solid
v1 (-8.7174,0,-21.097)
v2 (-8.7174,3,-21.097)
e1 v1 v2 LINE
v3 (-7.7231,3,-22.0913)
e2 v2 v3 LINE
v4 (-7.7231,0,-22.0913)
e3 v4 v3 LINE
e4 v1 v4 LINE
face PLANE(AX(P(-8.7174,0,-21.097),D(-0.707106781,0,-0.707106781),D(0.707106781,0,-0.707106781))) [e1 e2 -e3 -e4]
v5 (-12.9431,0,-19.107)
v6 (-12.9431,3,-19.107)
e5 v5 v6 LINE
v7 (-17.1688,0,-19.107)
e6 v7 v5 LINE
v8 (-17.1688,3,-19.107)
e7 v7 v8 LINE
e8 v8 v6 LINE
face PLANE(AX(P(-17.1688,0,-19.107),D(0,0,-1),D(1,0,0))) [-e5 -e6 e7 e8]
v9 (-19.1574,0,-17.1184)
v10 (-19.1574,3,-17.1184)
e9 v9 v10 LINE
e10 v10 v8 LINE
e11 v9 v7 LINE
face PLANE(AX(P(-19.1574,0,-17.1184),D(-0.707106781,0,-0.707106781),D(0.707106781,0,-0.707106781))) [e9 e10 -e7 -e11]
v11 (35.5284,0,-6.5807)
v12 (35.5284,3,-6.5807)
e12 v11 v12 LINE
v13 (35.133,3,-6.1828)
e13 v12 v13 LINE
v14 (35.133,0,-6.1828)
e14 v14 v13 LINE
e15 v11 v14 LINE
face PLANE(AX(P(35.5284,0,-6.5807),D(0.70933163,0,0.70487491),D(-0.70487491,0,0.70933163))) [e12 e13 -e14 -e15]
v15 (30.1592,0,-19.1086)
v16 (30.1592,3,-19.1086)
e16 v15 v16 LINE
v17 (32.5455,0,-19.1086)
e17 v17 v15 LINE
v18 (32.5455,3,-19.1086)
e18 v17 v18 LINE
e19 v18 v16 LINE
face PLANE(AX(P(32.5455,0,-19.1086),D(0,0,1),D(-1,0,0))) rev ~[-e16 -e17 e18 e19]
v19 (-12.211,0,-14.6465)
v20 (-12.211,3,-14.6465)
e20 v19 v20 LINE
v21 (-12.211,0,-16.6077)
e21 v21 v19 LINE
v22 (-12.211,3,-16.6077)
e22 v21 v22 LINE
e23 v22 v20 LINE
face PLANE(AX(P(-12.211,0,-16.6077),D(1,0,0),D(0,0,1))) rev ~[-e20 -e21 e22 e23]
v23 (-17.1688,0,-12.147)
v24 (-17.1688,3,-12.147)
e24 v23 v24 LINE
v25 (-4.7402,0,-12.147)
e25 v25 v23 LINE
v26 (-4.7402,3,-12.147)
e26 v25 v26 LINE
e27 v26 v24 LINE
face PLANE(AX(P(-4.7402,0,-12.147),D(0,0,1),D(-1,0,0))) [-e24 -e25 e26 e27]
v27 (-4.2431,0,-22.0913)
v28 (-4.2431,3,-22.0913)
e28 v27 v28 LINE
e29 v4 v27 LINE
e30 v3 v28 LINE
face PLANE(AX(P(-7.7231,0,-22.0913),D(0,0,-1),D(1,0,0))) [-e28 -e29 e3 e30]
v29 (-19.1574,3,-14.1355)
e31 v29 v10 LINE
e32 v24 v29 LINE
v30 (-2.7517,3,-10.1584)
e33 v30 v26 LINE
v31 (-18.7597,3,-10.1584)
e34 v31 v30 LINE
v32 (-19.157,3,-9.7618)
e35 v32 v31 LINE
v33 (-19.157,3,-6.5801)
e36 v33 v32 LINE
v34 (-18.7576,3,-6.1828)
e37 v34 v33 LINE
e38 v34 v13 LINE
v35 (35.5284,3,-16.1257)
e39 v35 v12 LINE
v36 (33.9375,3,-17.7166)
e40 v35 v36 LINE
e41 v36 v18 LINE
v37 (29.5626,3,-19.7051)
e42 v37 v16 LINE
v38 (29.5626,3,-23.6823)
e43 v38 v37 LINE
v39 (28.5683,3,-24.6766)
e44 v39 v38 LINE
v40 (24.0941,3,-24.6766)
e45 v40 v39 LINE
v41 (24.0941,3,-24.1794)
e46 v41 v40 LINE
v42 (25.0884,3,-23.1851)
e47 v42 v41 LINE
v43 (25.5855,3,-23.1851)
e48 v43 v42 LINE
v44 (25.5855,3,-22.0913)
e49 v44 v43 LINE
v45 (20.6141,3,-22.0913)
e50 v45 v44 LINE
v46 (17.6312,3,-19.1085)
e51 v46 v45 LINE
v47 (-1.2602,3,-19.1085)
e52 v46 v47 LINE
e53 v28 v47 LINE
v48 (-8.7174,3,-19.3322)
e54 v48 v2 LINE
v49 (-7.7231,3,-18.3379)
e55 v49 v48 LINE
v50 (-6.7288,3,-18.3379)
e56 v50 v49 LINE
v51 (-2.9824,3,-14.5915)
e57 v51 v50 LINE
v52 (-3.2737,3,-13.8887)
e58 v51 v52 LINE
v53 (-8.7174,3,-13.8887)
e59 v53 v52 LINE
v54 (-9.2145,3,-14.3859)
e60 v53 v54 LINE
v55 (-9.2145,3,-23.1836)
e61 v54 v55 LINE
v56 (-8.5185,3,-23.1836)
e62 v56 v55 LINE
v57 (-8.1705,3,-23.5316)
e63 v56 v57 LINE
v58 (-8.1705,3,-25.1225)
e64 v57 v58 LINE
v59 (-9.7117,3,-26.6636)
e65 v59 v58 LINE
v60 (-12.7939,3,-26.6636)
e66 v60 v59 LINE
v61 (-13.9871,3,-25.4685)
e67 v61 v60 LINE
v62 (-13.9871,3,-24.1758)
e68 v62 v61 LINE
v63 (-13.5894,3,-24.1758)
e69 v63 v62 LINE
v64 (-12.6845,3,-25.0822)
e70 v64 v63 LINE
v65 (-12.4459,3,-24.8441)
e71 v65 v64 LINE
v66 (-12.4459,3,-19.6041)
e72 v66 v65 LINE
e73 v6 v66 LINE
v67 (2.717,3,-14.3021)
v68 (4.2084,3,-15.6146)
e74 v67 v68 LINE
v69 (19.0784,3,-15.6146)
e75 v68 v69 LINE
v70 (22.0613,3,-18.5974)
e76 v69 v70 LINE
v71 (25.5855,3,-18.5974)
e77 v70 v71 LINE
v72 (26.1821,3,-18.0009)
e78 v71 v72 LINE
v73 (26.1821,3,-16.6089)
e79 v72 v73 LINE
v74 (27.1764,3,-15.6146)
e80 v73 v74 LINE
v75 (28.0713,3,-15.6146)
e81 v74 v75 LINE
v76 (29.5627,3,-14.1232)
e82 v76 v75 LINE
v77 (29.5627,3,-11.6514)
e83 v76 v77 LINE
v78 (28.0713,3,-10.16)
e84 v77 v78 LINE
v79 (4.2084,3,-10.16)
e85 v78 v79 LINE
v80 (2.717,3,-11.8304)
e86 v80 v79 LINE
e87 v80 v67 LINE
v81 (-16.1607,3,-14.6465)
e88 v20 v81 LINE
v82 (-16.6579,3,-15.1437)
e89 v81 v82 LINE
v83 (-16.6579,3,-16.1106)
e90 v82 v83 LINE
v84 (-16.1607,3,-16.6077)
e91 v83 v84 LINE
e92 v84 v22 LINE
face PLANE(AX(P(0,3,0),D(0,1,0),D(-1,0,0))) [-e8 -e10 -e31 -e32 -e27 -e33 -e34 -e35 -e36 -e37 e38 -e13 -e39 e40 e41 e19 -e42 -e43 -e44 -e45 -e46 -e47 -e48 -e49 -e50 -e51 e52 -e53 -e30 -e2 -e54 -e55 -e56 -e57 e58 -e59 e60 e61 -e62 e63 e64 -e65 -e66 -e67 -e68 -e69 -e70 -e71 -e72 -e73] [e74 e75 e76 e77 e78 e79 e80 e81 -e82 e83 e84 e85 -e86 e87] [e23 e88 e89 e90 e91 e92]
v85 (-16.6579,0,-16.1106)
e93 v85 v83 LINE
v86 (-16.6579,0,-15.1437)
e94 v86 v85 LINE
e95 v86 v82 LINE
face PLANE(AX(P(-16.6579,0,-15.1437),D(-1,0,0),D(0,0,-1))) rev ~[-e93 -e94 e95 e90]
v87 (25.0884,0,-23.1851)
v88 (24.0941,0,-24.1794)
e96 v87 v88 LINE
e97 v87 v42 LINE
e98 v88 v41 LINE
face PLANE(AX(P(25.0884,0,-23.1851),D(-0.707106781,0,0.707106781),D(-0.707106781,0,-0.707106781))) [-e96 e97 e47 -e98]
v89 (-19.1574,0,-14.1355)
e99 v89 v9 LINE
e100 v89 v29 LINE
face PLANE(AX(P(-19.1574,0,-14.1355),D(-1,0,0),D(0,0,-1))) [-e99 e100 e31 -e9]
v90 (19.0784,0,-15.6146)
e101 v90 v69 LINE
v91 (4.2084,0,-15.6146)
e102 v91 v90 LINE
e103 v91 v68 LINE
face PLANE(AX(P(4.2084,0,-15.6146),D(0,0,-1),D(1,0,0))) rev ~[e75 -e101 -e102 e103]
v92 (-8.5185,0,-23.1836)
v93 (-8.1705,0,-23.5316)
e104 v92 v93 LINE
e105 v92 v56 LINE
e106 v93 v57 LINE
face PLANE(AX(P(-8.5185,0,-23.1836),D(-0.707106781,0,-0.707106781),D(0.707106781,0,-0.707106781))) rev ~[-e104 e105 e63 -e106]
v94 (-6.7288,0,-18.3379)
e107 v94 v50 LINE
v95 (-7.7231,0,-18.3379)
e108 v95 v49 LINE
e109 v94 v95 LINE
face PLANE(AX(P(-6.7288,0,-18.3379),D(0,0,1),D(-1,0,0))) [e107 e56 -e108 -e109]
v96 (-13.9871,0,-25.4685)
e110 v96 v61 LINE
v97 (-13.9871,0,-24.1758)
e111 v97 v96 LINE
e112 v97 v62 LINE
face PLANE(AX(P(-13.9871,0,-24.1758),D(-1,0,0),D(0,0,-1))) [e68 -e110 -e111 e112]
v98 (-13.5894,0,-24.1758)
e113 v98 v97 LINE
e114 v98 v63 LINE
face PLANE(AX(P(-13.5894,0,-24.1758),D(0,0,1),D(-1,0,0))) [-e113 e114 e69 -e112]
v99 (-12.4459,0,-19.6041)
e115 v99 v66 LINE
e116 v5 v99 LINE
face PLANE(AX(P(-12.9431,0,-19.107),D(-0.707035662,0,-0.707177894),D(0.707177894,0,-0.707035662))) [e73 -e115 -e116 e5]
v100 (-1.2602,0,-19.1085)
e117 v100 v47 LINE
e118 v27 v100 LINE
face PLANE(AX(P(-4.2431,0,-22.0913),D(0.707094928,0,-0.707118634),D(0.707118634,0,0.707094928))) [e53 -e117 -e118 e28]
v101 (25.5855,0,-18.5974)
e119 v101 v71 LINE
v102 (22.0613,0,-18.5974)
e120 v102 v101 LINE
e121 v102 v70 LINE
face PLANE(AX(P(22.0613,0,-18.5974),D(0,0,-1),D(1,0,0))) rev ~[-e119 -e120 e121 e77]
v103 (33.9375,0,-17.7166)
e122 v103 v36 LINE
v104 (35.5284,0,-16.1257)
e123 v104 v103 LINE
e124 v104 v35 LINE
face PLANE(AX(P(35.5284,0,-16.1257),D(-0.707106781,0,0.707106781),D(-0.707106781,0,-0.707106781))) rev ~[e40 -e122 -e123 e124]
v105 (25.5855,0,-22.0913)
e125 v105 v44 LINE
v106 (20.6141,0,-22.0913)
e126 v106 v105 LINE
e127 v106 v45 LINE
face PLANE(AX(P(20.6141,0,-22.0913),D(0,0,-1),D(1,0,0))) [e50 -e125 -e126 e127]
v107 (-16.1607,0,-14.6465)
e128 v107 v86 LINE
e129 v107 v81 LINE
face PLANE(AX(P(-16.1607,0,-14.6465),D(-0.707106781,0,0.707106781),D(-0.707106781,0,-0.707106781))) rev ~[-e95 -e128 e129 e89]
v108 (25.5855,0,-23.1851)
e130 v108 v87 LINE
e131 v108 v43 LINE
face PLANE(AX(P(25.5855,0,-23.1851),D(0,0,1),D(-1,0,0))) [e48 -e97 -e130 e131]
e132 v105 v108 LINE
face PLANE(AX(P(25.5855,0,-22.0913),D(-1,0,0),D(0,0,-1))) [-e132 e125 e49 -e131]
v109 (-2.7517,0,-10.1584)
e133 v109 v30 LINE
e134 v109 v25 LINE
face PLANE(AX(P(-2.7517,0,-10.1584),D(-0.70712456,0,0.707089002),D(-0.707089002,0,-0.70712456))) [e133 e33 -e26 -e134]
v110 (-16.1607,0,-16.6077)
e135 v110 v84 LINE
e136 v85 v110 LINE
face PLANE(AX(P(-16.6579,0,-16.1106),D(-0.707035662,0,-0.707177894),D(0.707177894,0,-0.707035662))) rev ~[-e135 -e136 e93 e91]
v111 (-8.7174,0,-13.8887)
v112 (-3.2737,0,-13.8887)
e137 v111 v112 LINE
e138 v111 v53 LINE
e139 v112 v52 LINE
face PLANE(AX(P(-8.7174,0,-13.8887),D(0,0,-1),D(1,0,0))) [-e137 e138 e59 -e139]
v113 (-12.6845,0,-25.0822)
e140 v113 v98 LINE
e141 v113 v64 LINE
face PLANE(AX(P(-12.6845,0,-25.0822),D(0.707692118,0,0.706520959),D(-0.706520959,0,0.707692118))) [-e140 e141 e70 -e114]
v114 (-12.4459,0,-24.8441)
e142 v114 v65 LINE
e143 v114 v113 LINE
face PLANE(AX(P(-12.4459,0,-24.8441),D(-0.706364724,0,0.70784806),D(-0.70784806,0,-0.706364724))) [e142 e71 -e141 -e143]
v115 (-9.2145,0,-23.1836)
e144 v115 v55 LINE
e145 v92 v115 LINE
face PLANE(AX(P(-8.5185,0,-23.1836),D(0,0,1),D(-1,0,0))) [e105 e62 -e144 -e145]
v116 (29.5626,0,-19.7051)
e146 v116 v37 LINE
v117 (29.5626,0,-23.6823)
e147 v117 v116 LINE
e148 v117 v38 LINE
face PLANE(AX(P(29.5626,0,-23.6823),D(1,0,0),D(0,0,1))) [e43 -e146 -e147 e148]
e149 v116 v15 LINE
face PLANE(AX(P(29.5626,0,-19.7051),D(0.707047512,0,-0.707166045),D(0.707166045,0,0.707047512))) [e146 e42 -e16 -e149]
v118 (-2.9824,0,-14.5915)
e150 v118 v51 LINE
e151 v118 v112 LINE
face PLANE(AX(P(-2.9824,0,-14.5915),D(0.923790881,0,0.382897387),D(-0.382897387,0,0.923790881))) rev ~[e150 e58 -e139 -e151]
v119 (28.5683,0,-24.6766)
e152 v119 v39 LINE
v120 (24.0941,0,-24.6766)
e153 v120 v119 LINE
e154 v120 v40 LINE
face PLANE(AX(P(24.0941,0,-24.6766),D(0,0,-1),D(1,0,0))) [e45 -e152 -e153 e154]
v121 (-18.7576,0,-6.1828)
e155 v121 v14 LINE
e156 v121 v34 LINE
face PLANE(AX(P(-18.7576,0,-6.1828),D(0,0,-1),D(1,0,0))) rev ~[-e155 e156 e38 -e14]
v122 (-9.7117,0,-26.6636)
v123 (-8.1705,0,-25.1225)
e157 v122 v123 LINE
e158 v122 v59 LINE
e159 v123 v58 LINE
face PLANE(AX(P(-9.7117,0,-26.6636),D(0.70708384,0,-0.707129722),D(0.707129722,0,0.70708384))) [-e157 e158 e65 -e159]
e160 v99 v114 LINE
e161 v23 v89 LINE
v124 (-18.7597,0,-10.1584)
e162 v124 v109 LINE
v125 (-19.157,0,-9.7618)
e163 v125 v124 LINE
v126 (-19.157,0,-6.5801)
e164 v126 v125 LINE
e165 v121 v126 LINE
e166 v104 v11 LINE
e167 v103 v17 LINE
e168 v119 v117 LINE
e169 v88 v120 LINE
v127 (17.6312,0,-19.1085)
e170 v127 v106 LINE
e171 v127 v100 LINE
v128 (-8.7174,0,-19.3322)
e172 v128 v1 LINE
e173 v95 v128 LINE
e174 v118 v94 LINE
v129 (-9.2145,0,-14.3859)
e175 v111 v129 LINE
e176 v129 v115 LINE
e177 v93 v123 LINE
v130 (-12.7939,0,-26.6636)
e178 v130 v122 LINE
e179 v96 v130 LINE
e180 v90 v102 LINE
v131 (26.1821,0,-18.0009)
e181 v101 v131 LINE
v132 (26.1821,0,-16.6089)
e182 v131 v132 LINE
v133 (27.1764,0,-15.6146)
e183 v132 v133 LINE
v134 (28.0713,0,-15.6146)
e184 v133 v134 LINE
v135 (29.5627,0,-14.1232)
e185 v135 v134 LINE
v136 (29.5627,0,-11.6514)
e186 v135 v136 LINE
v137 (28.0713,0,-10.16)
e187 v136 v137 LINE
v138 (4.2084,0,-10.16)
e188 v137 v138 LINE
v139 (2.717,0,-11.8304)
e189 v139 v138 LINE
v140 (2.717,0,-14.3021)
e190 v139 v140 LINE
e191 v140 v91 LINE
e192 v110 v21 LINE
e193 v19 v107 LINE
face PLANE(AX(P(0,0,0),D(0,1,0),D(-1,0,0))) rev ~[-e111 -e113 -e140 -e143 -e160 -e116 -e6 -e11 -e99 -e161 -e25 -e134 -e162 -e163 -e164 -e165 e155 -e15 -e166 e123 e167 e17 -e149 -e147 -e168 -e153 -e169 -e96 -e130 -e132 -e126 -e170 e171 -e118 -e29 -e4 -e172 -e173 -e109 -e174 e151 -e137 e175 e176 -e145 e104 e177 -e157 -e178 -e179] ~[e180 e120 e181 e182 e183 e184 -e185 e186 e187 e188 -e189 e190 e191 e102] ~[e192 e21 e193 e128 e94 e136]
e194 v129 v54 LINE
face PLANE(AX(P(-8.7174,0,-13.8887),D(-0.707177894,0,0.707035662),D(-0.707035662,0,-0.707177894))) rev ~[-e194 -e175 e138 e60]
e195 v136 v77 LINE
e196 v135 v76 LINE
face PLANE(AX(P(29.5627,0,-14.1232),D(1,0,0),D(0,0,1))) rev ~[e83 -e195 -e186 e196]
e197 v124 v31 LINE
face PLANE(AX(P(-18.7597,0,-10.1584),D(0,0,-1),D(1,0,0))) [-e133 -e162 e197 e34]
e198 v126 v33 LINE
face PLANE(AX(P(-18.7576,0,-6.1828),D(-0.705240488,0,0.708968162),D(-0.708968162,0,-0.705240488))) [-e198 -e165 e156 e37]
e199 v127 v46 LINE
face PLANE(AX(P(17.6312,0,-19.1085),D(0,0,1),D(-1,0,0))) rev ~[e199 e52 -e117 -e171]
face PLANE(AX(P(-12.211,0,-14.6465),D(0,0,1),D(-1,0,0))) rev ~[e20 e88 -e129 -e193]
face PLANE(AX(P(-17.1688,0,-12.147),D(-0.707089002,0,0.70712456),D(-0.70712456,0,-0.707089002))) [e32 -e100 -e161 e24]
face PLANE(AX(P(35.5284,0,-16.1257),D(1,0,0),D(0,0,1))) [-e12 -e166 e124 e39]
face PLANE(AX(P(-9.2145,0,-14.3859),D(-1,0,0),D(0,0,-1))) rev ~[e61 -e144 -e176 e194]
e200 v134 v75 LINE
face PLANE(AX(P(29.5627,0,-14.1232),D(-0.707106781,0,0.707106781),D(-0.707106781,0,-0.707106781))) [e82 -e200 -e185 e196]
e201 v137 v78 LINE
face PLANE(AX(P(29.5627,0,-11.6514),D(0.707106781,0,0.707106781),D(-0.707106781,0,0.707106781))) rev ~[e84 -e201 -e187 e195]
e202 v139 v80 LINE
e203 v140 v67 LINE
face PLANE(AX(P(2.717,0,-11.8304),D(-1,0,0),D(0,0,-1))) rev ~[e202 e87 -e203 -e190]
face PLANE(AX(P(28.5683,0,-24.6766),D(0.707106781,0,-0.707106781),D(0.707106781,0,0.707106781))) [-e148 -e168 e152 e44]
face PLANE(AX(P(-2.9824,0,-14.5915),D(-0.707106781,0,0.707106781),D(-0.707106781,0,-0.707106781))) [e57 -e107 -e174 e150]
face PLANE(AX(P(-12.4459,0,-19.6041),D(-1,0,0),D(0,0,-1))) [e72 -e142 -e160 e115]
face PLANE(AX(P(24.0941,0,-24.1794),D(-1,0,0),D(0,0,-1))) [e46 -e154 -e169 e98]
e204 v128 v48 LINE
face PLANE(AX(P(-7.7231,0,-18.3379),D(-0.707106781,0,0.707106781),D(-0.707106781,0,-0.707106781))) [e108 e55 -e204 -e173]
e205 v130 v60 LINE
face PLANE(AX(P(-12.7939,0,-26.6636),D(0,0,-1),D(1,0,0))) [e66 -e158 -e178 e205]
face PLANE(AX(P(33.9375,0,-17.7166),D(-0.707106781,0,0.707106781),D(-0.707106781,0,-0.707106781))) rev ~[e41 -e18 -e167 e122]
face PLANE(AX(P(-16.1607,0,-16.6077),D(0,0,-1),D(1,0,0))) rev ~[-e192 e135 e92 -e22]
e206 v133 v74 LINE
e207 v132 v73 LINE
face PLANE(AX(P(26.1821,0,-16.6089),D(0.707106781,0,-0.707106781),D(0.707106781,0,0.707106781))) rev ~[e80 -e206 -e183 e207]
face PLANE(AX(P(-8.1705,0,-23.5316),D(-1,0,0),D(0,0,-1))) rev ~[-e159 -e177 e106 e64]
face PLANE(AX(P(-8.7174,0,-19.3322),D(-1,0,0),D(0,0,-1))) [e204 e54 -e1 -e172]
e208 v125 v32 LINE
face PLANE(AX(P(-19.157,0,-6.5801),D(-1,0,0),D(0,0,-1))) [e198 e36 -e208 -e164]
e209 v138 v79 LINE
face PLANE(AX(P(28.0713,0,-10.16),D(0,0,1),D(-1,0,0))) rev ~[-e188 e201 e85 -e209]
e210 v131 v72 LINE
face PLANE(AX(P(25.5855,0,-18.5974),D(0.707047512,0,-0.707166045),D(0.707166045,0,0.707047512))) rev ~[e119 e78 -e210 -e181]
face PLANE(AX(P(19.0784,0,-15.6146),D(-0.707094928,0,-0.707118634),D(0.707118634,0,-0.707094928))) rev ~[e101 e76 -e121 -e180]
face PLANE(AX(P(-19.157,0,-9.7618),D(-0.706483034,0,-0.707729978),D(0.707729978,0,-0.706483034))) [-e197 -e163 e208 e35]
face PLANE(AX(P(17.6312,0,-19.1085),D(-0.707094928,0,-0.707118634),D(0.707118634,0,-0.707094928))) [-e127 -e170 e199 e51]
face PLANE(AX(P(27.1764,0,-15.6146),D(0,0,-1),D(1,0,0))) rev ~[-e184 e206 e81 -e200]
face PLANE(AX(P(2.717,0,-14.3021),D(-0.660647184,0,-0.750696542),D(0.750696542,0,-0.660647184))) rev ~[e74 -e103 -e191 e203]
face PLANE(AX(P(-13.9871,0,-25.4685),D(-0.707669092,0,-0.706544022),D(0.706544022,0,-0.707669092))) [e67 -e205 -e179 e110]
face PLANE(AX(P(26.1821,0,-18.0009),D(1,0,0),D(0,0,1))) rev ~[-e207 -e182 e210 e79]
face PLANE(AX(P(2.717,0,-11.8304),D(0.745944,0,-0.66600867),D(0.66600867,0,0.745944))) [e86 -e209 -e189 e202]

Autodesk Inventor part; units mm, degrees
ref_plane "YZ Plane" through (0, 0, 0) normal (1, 0, 0) x (0, 1, 0)
ref_plane "XZ Plane" through (0, 0, 0) normal (0, 1, 0) x (-1, 0, 0)
ref_plane "XY Plane" through (0, 0, 0) normal (0, 0, 1) x (1, 0, 0)
sketch "Sketch1" plane through (0, 0, 0) normal (0, 1, 0) x (-1, 0, 0)
  line L0 (-17.6312, -19.1085) -> (1.2602, -19.1085)
  line L1 (-32.5455, -19.1086) -> (-30.1592, -19.1086)
  line L2 (-33.9375, -17.7166) -> (-32.5455, -19.1086)
  line L3 (-35.5284, -16.1257) -> (-33.9375, -17.7166)
  line L4 (2.9824, -14.5915) -> (3.2737, -13.8887)
  line L5 (-2.717, -14.3021) -> (-4.2084, -15.6146)
  line L6 (-2.717, -11.8304) -> (-4.2084, -10.16)
  line L7 (18.7576, -6.1828) -> (-35.133, -6.1828)
  line L8 (18.7597, -10.1584) -> (2.7517, -10.1584)
  line L9 (-29.5627, -14.1232) -> (-28.0713, -15.6146)
  line L10 (18.7576, -6.1828) -> (19.157, -6.5801)
  line L11 (19.157, -6.5801) -> (19.157, -9.7618)
  line L12 (19.157, -9.7618) -> (18.7597, -10.1584)
  line L13 (2.7517, -10.1584) -> (4.7402, -12.147)
  line L14 (4.7402, -12.147) -> (17.1688, -12.147)
  line L15 (17.1688, -12.147) -> (19.1574, -14.1355)
  line L16 (19.1574, -14.1355) -> (19.1574, -17.1184)
  line L17 (19.1574, -17.1184) -> (17.1688, -19.107)
  line L18 (17.1688, -19.107) -> (12.9431, -19.107)
  line L19 (12.9431, -19.107) -> (12.4459, -19.6041)
  line L20 (12.4459, -19.6041) -> (12.4459, -24.8441)
  line L21 (12.4459, -24.8441) -> (12.6845, -25.0822)
  line L22 (12.6845, -25.0822) -> (13.5894, -24.1758)
  line L23 (13.5894, -24.1758) -> (13.9871, -24.1758)
  line L24 (13.9871, -24.1758) -> (13.9871, -25.4685)
  line L25 (13.9871, -25.4685) -> (12.7939, -26.6636)
  line L26 (12.7939, -26.6636) -> (9.7117, -26.6636)
  line L27 (9.7117, -26.6636) -> (8.1705, -25.1225)
  line L28 (8.1705, -23.5316) -> (8.1705, -25.1225)
  line L29 (8.5185, -23.1836) -> (9.2145, -23.1836)
  line L30 (2.9824, -14.5915) -> (6.7288, -18.3379)
  line L31 (6.7288, -18.3379) -> (7.7231, -18.3379)
  line L32 (7.7231, -18.3379) -> (8.7174, -19.3322)
  line L33 (8.7174, -19.3322) -> (8.7174, -21.097)
  line L34 (8.7174, -21.097) -> (7.7231, -22.0913)
  line L35 (7.7231, -22.0913) -> (4.2431, -22.0913)
  line L36 (4.2431, -22.0913) -> (1.2602, -19.1085)
  line L37 (-17.6312, -19.1085) -> (-20.6141, -22.0913)
  line L38 (-20.6141, -22.0913) -> (-25.5855, -22.0913)
  line L39 (-25.5855, -22.0913) -> (-25.5855, -23.1851)
  line L40 (-25.5855, -23.1851) -> (-25.0884, -23.1851)
  line L41 (-25.0884, -23.1851) -> (-24.0941, -24.1794)
  line L42 (-24.0941, -24.1794) -> (-24.0941, -24.6766)
  line L43 (-24.0941, -24.6766) -> (-28.5683, -24.6766)
  line L44 (-28.5683, -24.6766) -> (-29.5626, -23.6823)
  line L45 (-29.5626, -23.6823) -> (-29.5626, -19.7051)
  line L46 (-29.5626, -19.7051) -> (-30.1592, -19.1086)
  line L47 (-35.5284, -16.1257) -> (-35.5284, -6.5807)
  line L48 (-35.5284, -6.5807) -> (-35.133, -6.1828)
  line L49 (-29.5627, -14.1232) -> (-29.5627, -11.6514)
  line L50 (-29.5627, -11.6514) -> (-28.0713, -10.16)
  line L51 (-28.0713, -10.16) -> (-4.2084, -10.16)
  line L52 (-2.717, -11.8304) -> (-2.717, -14.3021)
  line L53 (-4.2084, -15.6146) -> (-19.0784, -15.6146)
  line L54 (-22.0613, -18.5974) -> (-25.5855, -18.5974)
  line L55 (-26.1821, -16.6089) -> (-27.1764, -15.6146)
  line L56 (-26.1821, -18.0009) -> (-26.1821, -16.6089)
  line L57 (-27.1764, -15.6146) -> (-28.0713, -15.6146)
  line L58 (-25.5855, -18.5974) -> (-26.1821, -18.0009)
  line L59 (-19.0784, -15.6146) -> (-22.0613, -18.5974)
  line L60 (12.211, -16.6077) -> (12.211, -14.6465)
  line L61 (12.211, -14.6465) -> (16.1607, -14.6465)
  line L62 (16.1607, -14.6465) -> (16.6579, -15.1437)
  line L63 (16.6579, -15.1437) -> (16.6579, -16.1106)
  line L64 (16.6579, -16.1106) -> (16.1607, -16.6077)
  line L65 (16.1607, -16.6077) -> (12.211, -16.6077)
  line L66 (8.5185, -23.1836) -> (8.1705, -23.5316)
  line L67 (9.2145, -14.3859) -> (9.2145, -23.1836)
  line L68 (8.7174, -13.8887) -> (9.2145, -14.3859)
  line L69 (8.7174, -13.8887) -> (3.2737, -13.8887)
  point P0 (0, 0)
  point P1 (-29.5627, -12.8873)
  dimension "d2" = 9.545
  dimension "d3" = 3.9771
  dimension "d4" = 4.4743
  dimension "d6" = 4.9714
  dimension "d7" = 3.5242
  dimension "d9" = 2.9829
  dimension "d11" = 0.9943
  dimension "d12" = 0.398
  dimension "d13" = 53.8907
  dimension "d14" = 2.4718
  dimension "d15" = 1.4914
  dimension "d16" = 1.4914
  dimension "d18" = 1.392
  dimension "d19" = 0.5966
  dimension "d20" = 23.8629
  dimension "d21" = 1.4914
  dimension "d22" = 2.4718
  dimension "d23" = 14.8701
  dimension "d24" = 2.9829
  dimension "d25" = 18.8914
  dimension "d27" = 2.9829
  dimension "d28" = 2.9829
  dimension "d29" = 3.48
  dimension "d30" = 3.7464
  dimension "d31" = 0.7028
  dimension "d32" = 5.4437
  dimension "d33" = 8.7978
  dimension "d34" = 0.4971
  dimension "d35" = 1.5909
  dimension "d36" = 0.348
  dimension "d37" = 0.696
  dimension "d38" = 1.5411
  dimension "d39" = 3.0823
  dimension "d40" = 1.1931
  dimension "d41" = 1.2927
  dimension "d42" = 0.3977
  dimension "d43" = 0.9048
  dimension "d44" = 0.2386
  dimension "d45" = 5.24
  dimension "d46" = 0.4971
  dimension "d47" = 4.2257
  dimension "d48" = 1.9886
  dimension "d49" = 2.9829
  dimension "d50" = 1.9886
  dimension "d51" = 12.4286
  dimension "d52" = 1.9886
  dimension "d54" = 16.008
  dimension "d55" = 0.3973
  dimension "d56" = 3.1817
  dimension "d58" = 2.9829
  dimension "d59" = 2.9829
  dimension "d60" = 2.9829
  dimension "d61" = 0.9943
  dimension "d62" = 0.9943
  dimension "d63" = 0.9943
  dimension "d64" = 3.7463
  dimension "d66" = 1.7649
  dimension "d67" = 0.9943
  dimension "d68" = 0.9943
  dimension "d69" = 0.4971
  dimension "d75" = 0.4971
  dimension "d76" = 0.4971
  dimension "d77" = 0.4971
  dimension "d78" = 0.4971
extrude "Extrusion1" add sketch "Sketch1" along normal blind 3
properties part number "CO_1_01_dinRail"
